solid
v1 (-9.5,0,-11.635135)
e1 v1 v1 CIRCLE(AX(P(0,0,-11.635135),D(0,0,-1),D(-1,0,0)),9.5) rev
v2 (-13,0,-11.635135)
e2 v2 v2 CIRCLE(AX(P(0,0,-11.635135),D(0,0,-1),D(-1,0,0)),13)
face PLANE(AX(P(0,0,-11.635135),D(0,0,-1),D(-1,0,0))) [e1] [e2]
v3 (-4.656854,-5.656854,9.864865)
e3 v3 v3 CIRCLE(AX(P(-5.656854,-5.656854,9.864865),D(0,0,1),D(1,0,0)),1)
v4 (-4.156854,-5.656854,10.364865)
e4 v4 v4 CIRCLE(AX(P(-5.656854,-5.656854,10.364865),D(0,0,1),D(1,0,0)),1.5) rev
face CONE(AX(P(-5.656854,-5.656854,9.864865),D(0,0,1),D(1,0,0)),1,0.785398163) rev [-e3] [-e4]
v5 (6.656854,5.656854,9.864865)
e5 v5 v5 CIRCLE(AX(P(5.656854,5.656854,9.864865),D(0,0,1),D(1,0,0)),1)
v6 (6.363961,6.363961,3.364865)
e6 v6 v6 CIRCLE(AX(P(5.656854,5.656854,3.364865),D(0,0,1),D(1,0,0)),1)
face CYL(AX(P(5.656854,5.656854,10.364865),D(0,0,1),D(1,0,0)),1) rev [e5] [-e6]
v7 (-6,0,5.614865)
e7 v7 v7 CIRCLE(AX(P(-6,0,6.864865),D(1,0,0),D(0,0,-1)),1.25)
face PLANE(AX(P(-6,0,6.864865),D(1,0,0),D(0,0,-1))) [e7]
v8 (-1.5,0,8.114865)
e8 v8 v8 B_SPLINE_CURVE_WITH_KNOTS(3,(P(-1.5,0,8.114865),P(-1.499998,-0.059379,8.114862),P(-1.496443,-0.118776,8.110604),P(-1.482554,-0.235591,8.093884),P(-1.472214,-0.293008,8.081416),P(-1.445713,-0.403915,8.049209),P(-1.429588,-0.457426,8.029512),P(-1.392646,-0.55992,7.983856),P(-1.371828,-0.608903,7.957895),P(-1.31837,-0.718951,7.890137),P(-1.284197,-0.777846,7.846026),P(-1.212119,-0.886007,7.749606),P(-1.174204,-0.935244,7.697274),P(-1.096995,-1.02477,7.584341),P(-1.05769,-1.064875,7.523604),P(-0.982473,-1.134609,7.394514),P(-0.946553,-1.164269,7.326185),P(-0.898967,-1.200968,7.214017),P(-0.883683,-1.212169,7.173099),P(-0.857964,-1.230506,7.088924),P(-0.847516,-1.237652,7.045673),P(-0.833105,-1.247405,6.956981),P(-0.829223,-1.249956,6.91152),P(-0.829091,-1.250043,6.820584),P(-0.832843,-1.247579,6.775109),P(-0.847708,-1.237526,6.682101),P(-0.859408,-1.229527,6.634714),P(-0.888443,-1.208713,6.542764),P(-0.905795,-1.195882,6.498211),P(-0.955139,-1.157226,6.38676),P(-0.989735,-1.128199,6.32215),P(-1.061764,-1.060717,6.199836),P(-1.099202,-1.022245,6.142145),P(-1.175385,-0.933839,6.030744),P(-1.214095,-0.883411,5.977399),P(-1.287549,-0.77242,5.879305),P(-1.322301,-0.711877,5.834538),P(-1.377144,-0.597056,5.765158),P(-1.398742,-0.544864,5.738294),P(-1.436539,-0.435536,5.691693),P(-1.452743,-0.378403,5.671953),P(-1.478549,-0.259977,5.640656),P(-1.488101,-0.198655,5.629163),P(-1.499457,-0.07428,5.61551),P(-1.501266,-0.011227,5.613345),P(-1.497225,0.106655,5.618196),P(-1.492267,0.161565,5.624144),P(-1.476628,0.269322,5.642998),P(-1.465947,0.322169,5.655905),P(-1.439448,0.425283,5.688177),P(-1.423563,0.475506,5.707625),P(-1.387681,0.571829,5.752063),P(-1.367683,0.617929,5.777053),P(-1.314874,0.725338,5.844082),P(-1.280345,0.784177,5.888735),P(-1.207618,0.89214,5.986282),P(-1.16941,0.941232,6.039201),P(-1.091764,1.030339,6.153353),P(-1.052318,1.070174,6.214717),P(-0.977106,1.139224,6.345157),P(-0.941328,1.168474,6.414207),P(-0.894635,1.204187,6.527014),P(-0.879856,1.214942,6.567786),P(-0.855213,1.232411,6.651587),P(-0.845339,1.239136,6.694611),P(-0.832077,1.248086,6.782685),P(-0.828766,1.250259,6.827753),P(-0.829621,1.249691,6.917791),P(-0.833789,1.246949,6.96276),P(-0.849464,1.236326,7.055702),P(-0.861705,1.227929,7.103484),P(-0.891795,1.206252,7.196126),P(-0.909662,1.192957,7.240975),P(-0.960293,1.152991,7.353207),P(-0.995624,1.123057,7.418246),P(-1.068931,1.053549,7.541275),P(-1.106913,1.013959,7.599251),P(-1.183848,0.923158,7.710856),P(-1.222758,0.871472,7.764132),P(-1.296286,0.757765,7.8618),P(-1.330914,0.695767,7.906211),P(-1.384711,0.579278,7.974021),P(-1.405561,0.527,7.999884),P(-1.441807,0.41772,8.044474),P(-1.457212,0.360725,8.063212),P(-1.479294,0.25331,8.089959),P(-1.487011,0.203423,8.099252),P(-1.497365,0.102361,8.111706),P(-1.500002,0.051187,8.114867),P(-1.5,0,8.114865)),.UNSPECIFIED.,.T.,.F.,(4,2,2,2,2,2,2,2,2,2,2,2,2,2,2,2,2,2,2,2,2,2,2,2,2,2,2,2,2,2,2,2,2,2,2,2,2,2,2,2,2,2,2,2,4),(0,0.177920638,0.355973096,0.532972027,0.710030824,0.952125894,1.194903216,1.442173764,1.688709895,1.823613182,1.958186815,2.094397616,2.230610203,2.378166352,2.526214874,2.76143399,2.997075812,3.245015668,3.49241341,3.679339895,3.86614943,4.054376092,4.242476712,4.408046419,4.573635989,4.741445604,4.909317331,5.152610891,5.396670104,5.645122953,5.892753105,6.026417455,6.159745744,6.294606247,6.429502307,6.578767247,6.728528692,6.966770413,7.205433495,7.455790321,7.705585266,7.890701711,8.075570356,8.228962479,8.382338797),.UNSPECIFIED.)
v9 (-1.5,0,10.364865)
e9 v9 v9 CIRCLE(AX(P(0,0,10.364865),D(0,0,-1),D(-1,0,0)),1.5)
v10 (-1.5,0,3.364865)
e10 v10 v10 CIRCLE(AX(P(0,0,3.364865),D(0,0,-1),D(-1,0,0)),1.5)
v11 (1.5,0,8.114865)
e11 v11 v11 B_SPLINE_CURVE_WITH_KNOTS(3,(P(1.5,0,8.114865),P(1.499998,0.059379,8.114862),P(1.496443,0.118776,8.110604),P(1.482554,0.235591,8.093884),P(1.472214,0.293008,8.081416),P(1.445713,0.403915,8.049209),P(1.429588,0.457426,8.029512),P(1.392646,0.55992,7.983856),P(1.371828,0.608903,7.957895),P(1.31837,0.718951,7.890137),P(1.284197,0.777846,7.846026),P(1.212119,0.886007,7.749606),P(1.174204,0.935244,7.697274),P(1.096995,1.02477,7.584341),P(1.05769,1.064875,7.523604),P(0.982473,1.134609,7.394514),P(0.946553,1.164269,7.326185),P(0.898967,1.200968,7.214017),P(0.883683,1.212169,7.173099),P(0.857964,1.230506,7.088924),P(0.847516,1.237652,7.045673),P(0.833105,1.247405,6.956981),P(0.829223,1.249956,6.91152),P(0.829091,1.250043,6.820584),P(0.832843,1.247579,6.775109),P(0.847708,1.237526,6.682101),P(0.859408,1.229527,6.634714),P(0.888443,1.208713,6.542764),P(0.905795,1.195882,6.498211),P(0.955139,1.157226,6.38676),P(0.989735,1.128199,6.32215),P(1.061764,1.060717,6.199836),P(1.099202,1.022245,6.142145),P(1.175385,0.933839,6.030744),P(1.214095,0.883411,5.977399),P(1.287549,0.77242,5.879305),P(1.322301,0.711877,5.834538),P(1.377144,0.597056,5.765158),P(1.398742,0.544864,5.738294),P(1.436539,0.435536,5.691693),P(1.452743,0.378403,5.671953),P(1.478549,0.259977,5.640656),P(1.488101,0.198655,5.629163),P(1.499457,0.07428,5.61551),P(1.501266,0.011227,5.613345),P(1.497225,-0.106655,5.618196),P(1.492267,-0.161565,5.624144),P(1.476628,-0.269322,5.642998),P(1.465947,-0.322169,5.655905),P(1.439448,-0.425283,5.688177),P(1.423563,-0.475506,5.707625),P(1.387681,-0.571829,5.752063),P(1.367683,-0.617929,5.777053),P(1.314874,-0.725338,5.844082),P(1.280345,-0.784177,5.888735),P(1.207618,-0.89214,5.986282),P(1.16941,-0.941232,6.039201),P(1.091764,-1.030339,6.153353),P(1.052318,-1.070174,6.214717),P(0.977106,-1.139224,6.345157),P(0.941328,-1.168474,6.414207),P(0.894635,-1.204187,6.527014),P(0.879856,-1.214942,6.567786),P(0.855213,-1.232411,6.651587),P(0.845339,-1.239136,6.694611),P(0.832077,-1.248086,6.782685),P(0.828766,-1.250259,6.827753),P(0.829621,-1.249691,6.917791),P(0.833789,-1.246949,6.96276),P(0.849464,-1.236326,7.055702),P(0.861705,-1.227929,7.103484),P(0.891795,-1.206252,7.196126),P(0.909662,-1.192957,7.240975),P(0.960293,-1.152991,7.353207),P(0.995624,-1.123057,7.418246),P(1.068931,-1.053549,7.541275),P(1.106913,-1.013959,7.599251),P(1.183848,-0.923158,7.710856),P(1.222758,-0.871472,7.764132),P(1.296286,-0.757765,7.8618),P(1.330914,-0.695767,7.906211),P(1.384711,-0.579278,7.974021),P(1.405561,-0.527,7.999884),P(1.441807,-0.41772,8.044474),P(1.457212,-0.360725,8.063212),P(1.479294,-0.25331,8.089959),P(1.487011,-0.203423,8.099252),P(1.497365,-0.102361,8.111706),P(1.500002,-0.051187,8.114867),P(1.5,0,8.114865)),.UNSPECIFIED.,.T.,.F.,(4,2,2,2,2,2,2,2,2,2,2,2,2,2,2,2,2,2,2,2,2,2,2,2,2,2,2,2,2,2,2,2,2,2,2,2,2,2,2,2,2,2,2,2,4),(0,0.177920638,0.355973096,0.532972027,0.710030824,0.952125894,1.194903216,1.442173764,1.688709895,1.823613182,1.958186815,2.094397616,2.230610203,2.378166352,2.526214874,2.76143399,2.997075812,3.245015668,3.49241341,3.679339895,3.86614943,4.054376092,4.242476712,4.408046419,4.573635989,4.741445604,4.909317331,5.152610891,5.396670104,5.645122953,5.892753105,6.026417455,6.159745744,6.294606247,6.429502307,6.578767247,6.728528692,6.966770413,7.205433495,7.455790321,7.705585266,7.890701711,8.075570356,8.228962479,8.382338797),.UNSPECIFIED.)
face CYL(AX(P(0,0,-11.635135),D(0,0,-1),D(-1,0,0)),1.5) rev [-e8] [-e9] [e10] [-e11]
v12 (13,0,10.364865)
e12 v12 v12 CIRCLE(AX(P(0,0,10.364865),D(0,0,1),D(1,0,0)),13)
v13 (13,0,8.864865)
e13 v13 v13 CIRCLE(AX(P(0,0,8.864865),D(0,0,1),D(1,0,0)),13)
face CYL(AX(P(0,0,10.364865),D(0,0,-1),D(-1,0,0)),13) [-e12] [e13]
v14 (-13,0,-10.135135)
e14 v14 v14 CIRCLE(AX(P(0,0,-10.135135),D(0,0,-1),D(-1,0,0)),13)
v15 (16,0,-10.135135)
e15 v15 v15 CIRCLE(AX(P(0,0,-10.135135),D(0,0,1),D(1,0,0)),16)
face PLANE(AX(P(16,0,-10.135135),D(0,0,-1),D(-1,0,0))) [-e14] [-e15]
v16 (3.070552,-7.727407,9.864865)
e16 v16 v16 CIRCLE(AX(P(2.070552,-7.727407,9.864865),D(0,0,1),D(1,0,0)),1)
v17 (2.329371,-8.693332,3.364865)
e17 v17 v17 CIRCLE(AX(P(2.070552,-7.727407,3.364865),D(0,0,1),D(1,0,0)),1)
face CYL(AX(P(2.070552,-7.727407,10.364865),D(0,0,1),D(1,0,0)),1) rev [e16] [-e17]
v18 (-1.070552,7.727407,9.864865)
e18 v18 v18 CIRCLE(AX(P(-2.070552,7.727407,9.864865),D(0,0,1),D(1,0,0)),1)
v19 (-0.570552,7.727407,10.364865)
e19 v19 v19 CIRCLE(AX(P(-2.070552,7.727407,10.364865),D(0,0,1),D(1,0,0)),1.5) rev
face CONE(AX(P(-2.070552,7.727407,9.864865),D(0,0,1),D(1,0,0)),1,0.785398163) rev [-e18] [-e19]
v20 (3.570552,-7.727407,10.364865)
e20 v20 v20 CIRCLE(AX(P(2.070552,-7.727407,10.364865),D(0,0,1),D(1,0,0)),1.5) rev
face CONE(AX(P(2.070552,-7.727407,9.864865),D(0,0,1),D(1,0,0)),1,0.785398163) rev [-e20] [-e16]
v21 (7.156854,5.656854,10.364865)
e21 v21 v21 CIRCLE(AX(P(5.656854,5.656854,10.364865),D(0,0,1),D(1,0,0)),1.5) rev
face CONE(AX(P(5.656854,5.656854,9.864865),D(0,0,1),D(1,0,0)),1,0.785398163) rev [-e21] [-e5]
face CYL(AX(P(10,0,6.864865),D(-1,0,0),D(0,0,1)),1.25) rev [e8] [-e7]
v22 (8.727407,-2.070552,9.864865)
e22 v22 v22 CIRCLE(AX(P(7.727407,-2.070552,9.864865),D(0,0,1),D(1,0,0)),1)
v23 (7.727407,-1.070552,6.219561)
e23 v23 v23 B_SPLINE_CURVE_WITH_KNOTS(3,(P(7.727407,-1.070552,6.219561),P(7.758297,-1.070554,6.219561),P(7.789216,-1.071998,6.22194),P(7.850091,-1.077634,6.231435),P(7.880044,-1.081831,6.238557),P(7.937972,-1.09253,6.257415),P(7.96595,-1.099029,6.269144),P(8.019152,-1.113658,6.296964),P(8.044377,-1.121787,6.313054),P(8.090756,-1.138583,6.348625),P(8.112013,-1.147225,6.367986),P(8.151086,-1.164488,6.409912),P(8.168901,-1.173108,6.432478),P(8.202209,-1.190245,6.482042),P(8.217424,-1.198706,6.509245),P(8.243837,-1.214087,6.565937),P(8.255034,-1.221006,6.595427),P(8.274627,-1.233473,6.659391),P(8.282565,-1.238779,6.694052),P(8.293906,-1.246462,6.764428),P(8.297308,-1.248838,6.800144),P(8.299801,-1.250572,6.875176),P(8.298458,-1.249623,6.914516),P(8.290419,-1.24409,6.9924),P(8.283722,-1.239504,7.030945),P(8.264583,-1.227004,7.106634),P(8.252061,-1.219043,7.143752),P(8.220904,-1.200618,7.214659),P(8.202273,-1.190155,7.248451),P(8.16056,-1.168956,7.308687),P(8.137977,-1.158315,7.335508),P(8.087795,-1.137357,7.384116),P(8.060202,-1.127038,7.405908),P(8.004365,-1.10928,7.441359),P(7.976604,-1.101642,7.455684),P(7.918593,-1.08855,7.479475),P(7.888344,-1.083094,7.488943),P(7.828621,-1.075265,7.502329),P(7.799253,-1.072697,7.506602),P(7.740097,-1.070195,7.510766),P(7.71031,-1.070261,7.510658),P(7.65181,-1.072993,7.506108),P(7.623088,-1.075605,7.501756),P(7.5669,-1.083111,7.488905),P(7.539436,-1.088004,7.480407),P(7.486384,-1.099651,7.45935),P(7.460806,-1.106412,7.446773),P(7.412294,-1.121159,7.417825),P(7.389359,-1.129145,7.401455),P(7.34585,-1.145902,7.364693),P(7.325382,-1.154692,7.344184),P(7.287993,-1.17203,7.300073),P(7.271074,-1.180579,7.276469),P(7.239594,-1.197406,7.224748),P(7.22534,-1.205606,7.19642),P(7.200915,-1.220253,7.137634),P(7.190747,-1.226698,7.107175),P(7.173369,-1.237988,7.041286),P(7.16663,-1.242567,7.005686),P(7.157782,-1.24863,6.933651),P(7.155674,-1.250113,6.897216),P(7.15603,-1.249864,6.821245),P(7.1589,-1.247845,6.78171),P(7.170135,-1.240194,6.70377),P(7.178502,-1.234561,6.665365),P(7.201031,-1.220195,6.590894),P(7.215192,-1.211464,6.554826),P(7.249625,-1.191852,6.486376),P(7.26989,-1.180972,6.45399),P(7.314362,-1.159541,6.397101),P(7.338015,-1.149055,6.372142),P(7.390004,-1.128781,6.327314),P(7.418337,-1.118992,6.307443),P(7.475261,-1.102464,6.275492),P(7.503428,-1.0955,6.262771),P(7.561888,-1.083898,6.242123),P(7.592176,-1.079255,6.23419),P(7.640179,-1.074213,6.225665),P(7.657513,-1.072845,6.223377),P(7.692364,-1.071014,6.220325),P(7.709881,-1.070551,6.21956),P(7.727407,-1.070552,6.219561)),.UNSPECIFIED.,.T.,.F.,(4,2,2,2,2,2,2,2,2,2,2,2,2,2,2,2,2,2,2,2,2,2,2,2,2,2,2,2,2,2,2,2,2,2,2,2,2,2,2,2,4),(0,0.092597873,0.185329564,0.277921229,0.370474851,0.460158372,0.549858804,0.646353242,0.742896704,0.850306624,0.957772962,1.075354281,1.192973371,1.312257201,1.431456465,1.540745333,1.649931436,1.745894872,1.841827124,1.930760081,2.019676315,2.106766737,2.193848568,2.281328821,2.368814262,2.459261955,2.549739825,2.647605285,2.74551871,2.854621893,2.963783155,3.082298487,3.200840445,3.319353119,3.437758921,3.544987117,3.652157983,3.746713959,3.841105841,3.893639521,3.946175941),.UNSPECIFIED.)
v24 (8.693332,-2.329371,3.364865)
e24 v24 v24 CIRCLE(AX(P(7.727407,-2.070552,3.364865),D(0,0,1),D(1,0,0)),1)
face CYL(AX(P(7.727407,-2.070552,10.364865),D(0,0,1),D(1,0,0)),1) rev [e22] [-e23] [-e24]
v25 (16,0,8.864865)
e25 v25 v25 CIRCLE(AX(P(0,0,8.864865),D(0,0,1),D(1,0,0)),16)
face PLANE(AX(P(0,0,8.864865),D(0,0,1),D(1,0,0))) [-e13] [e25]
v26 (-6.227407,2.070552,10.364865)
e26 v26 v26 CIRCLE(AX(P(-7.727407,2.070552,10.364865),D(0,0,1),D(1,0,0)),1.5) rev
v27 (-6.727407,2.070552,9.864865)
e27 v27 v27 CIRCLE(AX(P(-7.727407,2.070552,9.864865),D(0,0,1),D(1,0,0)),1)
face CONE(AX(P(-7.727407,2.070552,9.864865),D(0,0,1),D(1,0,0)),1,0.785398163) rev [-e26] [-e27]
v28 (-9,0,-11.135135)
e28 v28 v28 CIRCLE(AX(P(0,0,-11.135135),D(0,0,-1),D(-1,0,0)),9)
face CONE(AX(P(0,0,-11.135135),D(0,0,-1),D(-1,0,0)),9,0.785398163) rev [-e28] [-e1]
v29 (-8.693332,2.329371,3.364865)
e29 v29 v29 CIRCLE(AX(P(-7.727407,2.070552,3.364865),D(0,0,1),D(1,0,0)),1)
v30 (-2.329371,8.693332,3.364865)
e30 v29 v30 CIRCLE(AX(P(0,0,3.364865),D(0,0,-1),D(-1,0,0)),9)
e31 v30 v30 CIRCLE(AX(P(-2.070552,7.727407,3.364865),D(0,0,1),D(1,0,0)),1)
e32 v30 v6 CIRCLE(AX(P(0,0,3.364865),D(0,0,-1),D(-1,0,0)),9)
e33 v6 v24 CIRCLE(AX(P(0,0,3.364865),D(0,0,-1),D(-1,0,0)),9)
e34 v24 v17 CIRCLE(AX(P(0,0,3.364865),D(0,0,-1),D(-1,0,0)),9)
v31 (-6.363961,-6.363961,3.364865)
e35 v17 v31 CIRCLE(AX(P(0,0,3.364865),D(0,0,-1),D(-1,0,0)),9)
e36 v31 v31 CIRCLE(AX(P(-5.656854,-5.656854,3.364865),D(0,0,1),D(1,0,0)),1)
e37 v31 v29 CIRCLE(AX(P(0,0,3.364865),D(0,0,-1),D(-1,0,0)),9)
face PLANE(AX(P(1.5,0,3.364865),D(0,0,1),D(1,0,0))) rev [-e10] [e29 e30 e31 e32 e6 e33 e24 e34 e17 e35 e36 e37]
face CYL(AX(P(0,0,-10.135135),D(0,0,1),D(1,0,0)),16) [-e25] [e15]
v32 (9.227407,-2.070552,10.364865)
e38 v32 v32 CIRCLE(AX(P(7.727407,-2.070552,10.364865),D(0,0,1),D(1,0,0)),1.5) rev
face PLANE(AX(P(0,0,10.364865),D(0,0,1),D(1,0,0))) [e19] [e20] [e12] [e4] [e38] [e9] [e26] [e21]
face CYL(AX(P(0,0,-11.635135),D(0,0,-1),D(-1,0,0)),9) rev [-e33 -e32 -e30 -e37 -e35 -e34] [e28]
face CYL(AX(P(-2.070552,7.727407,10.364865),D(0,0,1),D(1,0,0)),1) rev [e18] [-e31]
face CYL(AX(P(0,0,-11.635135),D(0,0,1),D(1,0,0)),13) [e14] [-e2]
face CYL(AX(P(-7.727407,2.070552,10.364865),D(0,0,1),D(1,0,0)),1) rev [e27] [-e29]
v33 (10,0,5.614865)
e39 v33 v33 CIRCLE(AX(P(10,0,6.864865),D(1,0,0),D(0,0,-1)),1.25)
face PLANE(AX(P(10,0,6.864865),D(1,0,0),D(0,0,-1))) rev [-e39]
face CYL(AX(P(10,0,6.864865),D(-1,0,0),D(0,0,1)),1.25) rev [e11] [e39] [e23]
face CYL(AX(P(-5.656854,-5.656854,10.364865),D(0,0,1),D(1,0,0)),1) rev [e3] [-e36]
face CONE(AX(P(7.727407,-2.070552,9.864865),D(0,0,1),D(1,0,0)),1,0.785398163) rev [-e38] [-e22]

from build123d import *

# Parameters (mm, degrees)
CROQUIS1_W                    = 16
CROQUIS1_H                    = 19
CROQUIS2_R                    = 13
SALIENTE_EXTRUIR1_DEPTH       = 1.5
SALIENTE_EXTRUIR2_START       = 1.5
CROQUIS3_R                    = 13
SALIENTE_EXTRUIR2_DEPTH       = 1.5
TALADRO1_D                    = 3
TALADRO1_CBORE_D              = 18
TALADRO1_CBORE_DEPTH          = 15
DI_METRO_DE_TALADRO_2_0_2_1_D = 2
CORTAR_EXTRUIR1_DEPTH         = 10
CORTAR_EXTRUIR1_DEPTH_BACK    = 6
CROQUIS10_R                   = 1.25
CHAFL_N1_SIZE                 = 0.5


with BuildPart() as part:
    # Croquis1 → Revolución1 (revolve)
    with BuildSketch(Plane(origin=(0, 0, 0), x_dir=(1, 0, 0), z_dir=(0, 1, 0))):
        with Locations((8, 0.635135135)):
            Rectangle(CROQUIS1_W, CROQUIS1_H)
    revolve(axis=Axis((0, 0, -10.135135135), (0, 0, 1)))

    # Croquis2 → Saliente-Extruir1 (add)
    with BuildSketch(Plane.XY.offset(8.864864865)):
        Circle(CROQUIS2_R)
    extrude(amount=SALIENTE_EXTRUIR1_DEPTH)

    # Croquis3 → Saliente-Extruir2 (add)
    with BuildSketch(Plane(origin=(0, 0, -10.135135135), x_dir=(-1, 0, 0), z_dir=(0, 0, -1)).offset(SALIENTE_EXTRUIR2_START)):
        with Locations(Location((0, 0, 0), (0, 0, 180))):
            Circle(CROQUIS3_R)
    extrude(amount=-SALIENTE_EXTRUIR2_DEPTH)

    # Taladro1 (through all)
    with Locations(Plane(origin=(0, 0, -11.635135135), x_dir=(-1, 0, 0), z_dir=(0, 0, -1))):
        with Locations((0, 0)):
            CounterBoreHole(TALADRO1_D / 2, TALADRO1_CBORE_D / 2, TALADRO1_CBORE_DEPTH)

    # Diámetro de taladro Ø2.0 (2)1 (through all)
    with Locations(Plane.XY.offset(10.364864865)):
        with Locations((5.656854249, 5.656854249), (7.72740661, -2.070552361), (2.070552361, -7.72740661), (-5.656854249, -5.656854249), (-7.72740661, 2.070552361), (-2.070552361, 7.72740661)):
            Hole(DI_METRO_DE_TALADRO_2_0_2_1_D / 2)

    # Croquis10 → Cortar-Extruir1 (cut, two sides: drawn at the far end of the back side and taken through both)
    with BuildSketch(Plane(origin=(0, 0, 0), x_dir=(0, 0, -1), z_dir=(1, 0, 0)).offset(-CORTAR_EXTRUIR1_DEPTH_BACK)):
        with Locations(Location((-6.864864865, 0, 0), (0, 0, 180))):
            Circle(CROQUIS10_R)
    extrude(amount=CORTAR_EXTRUIR1_DEPTH + CORTAR_EXTRUIR1_DEPTH_BACK, mode=Mode.SUBTRACT)

    # Chaflán1
    chafl_n1_edges = [part.edges().sort_by_distance(p)[0] for p in [
        (9, 0, -11.635135135),
        (-1.070552361, 7.72740661, 10.364864865),
        (-6.72740661, 2.070552361, 10.364864865),
        (-4.656854249, -5.656854249, 10.364864865),
        (3.070552361, -7.72740661, 10.364864865),
        (8.72740661, -2.070552361, 10.364864865),
        (6.656854249, 5.656854249, 10.364864865),
    ]]
    chamfer(chafl_n1_edges, length=CHAFL_N1_SIZE)


solid = part.part
